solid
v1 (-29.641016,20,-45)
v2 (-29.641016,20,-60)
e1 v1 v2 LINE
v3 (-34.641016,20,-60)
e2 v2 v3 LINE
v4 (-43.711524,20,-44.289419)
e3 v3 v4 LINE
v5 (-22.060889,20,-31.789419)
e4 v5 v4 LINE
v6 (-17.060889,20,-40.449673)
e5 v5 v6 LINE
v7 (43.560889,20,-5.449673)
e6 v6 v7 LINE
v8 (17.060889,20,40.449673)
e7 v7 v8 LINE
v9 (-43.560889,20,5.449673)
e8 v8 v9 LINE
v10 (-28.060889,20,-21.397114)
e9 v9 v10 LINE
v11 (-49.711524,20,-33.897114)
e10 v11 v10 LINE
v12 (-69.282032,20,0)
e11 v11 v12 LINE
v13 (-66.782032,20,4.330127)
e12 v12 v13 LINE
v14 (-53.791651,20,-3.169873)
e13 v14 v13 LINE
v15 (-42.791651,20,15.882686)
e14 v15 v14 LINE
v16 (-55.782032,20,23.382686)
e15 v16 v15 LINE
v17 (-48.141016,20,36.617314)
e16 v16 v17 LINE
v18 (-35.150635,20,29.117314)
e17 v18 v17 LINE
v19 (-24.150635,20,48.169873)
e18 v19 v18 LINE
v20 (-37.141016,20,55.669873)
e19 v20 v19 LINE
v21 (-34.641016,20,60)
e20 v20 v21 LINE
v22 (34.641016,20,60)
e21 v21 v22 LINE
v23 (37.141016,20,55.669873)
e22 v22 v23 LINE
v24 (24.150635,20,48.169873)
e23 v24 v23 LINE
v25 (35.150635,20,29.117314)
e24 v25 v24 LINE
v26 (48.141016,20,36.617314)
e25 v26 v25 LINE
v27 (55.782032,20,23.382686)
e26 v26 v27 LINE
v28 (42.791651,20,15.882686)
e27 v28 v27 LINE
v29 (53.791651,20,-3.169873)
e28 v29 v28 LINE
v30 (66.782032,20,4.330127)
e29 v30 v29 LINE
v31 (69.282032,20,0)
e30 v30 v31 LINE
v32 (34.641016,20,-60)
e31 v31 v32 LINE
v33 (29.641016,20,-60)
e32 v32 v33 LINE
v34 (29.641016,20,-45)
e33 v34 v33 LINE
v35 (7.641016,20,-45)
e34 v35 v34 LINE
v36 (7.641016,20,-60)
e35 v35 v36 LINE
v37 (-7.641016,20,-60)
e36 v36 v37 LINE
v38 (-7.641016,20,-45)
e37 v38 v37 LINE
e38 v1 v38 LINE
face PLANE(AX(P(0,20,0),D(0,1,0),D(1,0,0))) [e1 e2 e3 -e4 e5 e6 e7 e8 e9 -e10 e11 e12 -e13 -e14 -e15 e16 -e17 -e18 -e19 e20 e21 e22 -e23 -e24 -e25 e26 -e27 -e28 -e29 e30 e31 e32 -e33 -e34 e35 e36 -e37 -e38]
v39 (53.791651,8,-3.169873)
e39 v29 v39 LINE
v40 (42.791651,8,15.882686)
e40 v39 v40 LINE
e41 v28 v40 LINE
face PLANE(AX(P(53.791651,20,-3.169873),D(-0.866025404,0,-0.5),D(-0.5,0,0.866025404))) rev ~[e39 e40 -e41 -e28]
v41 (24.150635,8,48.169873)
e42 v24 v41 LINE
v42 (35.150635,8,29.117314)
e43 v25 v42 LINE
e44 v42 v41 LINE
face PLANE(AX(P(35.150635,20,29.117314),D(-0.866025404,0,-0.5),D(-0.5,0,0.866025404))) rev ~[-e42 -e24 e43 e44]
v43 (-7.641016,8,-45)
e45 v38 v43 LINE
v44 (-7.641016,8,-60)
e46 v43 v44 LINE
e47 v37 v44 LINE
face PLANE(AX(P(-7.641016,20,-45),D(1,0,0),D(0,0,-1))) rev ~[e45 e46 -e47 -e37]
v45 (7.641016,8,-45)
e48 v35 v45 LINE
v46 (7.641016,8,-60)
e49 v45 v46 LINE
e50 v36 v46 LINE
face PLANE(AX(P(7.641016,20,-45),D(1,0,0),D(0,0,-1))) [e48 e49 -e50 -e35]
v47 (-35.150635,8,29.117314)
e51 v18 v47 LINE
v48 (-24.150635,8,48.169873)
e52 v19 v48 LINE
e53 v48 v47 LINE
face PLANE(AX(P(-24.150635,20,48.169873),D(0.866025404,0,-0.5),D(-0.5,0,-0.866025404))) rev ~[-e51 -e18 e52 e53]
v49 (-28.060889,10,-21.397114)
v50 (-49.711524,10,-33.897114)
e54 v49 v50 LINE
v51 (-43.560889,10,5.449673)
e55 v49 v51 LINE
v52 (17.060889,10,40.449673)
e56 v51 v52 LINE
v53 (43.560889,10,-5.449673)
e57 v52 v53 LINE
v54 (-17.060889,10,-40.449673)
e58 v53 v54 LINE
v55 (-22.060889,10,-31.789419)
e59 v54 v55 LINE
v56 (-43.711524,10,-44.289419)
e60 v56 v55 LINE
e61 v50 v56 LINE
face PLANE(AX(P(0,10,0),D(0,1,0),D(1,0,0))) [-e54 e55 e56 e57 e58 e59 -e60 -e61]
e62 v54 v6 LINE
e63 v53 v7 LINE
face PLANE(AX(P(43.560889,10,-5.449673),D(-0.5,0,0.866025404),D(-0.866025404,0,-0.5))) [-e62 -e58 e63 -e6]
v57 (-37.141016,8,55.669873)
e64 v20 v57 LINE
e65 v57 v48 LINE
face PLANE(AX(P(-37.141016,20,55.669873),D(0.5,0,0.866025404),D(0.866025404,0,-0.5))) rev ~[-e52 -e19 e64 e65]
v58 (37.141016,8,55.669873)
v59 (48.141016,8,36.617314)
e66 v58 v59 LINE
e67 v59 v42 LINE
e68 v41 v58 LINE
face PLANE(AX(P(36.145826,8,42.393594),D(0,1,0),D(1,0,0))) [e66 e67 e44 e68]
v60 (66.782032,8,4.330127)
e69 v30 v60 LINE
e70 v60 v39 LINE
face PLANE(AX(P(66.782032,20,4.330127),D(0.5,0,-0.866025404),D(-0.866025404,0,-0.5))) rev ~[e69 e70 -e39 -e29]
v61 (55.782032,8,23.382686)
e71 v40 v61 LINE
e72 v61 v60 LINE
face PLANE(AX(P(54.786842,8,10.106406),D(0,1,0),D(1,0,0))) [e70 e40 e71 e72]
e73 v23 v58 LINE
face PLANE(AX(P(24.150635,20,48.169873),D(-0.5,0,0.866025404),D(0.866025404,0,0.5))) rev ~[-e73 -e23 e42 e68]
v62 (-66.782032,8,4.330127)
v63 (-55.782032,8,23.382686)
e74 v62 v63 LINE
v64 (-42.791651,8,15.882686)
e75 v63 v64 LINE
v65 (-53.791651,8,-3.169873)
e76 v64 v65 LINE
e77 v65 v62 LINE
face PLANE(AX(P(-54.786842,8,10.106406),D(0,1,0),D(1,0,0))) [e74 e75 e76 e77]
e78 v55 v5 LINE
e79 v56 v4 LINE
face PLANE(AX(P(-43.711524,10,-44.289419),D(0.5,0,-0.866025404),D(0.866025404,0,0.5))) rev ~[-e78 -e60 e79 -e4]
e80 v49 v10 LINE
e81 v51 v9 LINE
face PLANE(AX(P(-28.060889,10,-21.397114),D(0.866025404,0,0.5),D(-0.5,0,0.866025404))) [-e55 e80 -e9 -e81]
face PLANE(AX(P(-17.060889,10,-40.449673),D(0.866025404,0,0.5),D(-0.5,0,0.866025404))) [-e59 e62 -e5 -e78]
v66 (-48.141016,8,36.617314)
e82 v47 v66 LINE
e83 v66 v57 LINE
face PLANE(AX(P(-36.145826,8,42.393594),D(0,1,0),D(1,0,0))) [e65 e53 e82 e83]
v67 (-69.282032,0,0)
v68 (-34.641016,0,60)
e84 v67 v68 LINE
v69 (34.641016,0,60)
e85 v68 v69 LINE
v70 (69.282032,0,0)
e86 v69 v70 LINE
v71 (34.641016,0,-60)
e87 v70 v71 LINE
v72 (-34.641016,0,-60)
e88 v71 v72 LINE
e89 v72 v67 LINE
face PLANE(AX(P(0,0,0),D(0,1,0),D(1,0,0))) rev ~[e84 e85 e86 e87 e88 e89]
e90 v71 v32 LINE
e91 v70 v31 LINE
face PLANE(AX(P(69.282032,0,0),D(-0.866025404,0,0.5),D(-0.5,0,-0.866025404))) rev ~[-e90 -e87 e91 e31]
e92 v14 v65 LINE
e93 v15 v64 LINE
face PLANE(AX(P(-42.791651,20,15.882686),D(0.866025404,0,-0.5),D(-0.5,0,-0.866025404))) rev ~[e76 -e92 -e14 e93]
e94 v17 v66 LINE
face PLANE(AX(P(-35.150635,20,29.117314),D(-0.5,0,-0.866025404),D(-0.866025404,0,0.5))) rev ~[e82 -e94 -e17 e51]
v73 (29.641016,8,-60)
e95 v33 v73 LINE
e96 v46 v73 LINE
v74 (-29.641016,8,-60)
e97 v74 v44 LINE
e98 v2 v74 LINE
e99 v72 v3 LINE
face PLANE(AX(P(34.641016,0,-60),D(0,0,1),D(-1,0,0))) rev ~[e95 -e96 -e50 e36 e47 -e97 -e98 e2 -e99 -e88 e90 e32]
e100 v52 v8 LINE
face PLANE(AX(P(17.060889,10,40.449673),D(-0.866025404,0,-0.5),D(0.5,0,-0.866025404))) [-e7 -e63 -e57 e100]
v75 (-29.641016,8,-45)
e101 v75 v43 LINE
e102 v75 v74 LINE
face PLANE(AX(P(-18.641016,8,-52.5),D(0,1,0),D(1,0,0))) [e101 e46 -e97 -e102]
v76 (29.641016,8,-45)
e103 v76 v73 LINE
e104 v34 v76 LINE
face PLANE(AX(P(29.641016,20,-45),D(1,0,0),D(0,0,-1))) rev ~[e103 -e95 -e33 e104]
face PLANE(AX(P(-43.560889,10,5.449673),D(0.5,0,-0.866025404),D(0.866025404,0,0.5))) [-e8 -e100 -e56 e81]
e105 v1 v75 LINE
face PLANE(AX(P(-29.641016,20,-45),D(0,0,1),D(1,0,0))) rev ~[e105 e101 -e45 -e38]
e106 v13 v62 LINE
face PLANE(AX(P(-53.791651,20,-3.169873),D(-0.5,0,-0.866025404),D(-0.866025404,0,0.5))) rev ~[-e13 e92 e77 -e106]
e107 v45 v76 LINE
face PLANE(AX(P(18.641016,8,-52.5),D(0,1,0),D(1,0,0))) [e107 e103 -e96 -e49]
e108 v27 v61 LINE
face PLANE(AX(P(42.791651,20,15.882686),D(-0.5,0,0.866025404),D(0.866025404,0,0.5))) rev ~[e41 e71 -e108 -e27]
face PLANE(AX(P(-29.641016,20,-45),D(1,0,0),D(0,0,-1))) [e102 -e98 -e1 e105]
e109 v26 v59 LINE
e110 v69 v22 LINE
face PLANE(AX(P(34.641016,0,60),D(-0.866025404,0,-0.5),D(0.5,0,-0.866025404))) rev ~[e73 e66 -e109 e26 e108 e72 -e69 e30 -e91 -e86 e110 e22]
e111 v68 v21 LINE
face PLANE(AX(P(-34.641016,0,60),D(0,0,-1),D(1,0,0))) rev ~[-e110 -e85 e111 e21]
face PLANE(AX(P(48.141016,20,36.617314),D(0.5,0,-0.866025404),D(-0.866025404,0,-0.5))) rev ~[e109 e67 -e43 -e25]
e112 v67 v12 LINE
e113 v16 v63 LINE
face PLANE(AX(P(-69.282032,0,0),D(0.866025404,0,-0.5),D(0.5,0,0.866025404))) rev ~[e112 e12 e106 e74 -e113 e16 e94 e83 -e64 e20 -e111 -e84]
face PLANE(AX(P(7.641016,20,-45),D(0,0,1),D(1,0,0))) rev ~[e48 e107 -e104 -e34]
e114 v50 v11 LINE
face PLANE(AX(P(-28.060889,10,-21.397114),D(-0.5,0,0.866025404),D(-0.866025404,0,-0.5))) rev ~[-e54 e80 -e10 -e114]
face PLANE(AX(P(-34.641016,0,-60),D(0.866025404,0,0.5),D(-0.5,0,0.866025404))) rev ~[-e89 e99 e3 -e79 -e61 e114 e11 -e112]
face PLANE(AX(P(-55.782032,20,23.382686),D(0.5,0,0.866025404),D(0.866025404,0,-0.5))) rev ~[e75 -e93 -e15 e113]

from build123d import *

# Parameters (mm, degrees)
BOSS_EXTRUDE1_DEPTH     = 20
SKETCH2_W               = 22
SKETCH2_H               = 15
CUT_EXTRUDE1_DEPTH      = 12
CUT_EXTRUDE2_DEPTH      = 94.808315196
CUT_EXTRUDE2_DEPTH_BACK = 10


with BuildPart() as part:
    # Sketch1 → Boss-Extrude1 (new body)
    with BuildSketch(Plane(origin=(0, 0, 0), x_dir=(1, 0, 0), z_dir=(0, 1, 0))):
        Polygon((69.282032303, 0), (34.641016151, 60), (-34.641016151, 60), (-69.282032303, 0), (-34.641016151, -60), (34.641016151, -60), align=None)
    extrude(amount=BOSS_EXTRUDE1_DEPTH)

    # Sketch2 → Cut-Extrude1 (cut)
    with BuildSketch(Plane(origin=(0, 20, 0), x_dir=(1, 0, 0), z_dir=(0, 1, 0))):
        with Locations((-18.641016151, 52.5)):
            Rectangle(SKETCH2_W, SKETCH2_H)
        with Locations((18.641016151, 52.5)):
            Rectangle(SKETCH2_W, SKETCH2_H)
        Polygon((66.782032303, -4.330127019), (53.791651246, 3.169872981), (42.791651246, -15.882685902), (55.782032303, -23.382685902), align=None)
        Polygon((48.141016151, -36.617314098), (35.150635095, -29.117314098), (24.150635095, -48.169872981), (37.141016151, -55.669872981), align=None)
        Polygon((-37.141016151, -55.669872981), (-24.150635095, -48.169872981), (-35.150635095, -29.117314098), (-48.141016151, -36.617314098), align=None)
        Polygon((-55.782032303, -23.382685902), (-42.791651246, -15.882685902), (-53.791651246, 3.169872981), (-66.782032303, -4.330127019), align=None)
    extrude(amount=-CUT_EXTRUDE1_DEPTH, mode=Mode.SUBTRACT)

    # Sketch3 → Cut-Extrude2 (cut, two sides: drawn at the far end of the back side and taken through both)
    with BuildSketch(Plane(origin=(0, 20, 0), x_dir=(1, 0, 0), z_dir=(0, 1, 0)).offset(-CUT_EXTRUDE2_DEPTH_BACK)):
        Polygon((-43.560889132, -5.4496732), (17.060889132, -40.4496732), (43.560889132, 5.4496732), (-17.060889132, 40.4496732), align=None)
        Polygon((-22.060889132, 31.789419162), (-28.060889132, 21.397114317), (-49.711524227, 33.897114317), (-43.711524227, 44.289419162), align=None)
    extrude(amount=CUT_EXTRUDE2_DEPTH + CUT_EXTRUDE2_DEPTH_BACK, mode=Mode.SUBTRACT)


solid = part.part
